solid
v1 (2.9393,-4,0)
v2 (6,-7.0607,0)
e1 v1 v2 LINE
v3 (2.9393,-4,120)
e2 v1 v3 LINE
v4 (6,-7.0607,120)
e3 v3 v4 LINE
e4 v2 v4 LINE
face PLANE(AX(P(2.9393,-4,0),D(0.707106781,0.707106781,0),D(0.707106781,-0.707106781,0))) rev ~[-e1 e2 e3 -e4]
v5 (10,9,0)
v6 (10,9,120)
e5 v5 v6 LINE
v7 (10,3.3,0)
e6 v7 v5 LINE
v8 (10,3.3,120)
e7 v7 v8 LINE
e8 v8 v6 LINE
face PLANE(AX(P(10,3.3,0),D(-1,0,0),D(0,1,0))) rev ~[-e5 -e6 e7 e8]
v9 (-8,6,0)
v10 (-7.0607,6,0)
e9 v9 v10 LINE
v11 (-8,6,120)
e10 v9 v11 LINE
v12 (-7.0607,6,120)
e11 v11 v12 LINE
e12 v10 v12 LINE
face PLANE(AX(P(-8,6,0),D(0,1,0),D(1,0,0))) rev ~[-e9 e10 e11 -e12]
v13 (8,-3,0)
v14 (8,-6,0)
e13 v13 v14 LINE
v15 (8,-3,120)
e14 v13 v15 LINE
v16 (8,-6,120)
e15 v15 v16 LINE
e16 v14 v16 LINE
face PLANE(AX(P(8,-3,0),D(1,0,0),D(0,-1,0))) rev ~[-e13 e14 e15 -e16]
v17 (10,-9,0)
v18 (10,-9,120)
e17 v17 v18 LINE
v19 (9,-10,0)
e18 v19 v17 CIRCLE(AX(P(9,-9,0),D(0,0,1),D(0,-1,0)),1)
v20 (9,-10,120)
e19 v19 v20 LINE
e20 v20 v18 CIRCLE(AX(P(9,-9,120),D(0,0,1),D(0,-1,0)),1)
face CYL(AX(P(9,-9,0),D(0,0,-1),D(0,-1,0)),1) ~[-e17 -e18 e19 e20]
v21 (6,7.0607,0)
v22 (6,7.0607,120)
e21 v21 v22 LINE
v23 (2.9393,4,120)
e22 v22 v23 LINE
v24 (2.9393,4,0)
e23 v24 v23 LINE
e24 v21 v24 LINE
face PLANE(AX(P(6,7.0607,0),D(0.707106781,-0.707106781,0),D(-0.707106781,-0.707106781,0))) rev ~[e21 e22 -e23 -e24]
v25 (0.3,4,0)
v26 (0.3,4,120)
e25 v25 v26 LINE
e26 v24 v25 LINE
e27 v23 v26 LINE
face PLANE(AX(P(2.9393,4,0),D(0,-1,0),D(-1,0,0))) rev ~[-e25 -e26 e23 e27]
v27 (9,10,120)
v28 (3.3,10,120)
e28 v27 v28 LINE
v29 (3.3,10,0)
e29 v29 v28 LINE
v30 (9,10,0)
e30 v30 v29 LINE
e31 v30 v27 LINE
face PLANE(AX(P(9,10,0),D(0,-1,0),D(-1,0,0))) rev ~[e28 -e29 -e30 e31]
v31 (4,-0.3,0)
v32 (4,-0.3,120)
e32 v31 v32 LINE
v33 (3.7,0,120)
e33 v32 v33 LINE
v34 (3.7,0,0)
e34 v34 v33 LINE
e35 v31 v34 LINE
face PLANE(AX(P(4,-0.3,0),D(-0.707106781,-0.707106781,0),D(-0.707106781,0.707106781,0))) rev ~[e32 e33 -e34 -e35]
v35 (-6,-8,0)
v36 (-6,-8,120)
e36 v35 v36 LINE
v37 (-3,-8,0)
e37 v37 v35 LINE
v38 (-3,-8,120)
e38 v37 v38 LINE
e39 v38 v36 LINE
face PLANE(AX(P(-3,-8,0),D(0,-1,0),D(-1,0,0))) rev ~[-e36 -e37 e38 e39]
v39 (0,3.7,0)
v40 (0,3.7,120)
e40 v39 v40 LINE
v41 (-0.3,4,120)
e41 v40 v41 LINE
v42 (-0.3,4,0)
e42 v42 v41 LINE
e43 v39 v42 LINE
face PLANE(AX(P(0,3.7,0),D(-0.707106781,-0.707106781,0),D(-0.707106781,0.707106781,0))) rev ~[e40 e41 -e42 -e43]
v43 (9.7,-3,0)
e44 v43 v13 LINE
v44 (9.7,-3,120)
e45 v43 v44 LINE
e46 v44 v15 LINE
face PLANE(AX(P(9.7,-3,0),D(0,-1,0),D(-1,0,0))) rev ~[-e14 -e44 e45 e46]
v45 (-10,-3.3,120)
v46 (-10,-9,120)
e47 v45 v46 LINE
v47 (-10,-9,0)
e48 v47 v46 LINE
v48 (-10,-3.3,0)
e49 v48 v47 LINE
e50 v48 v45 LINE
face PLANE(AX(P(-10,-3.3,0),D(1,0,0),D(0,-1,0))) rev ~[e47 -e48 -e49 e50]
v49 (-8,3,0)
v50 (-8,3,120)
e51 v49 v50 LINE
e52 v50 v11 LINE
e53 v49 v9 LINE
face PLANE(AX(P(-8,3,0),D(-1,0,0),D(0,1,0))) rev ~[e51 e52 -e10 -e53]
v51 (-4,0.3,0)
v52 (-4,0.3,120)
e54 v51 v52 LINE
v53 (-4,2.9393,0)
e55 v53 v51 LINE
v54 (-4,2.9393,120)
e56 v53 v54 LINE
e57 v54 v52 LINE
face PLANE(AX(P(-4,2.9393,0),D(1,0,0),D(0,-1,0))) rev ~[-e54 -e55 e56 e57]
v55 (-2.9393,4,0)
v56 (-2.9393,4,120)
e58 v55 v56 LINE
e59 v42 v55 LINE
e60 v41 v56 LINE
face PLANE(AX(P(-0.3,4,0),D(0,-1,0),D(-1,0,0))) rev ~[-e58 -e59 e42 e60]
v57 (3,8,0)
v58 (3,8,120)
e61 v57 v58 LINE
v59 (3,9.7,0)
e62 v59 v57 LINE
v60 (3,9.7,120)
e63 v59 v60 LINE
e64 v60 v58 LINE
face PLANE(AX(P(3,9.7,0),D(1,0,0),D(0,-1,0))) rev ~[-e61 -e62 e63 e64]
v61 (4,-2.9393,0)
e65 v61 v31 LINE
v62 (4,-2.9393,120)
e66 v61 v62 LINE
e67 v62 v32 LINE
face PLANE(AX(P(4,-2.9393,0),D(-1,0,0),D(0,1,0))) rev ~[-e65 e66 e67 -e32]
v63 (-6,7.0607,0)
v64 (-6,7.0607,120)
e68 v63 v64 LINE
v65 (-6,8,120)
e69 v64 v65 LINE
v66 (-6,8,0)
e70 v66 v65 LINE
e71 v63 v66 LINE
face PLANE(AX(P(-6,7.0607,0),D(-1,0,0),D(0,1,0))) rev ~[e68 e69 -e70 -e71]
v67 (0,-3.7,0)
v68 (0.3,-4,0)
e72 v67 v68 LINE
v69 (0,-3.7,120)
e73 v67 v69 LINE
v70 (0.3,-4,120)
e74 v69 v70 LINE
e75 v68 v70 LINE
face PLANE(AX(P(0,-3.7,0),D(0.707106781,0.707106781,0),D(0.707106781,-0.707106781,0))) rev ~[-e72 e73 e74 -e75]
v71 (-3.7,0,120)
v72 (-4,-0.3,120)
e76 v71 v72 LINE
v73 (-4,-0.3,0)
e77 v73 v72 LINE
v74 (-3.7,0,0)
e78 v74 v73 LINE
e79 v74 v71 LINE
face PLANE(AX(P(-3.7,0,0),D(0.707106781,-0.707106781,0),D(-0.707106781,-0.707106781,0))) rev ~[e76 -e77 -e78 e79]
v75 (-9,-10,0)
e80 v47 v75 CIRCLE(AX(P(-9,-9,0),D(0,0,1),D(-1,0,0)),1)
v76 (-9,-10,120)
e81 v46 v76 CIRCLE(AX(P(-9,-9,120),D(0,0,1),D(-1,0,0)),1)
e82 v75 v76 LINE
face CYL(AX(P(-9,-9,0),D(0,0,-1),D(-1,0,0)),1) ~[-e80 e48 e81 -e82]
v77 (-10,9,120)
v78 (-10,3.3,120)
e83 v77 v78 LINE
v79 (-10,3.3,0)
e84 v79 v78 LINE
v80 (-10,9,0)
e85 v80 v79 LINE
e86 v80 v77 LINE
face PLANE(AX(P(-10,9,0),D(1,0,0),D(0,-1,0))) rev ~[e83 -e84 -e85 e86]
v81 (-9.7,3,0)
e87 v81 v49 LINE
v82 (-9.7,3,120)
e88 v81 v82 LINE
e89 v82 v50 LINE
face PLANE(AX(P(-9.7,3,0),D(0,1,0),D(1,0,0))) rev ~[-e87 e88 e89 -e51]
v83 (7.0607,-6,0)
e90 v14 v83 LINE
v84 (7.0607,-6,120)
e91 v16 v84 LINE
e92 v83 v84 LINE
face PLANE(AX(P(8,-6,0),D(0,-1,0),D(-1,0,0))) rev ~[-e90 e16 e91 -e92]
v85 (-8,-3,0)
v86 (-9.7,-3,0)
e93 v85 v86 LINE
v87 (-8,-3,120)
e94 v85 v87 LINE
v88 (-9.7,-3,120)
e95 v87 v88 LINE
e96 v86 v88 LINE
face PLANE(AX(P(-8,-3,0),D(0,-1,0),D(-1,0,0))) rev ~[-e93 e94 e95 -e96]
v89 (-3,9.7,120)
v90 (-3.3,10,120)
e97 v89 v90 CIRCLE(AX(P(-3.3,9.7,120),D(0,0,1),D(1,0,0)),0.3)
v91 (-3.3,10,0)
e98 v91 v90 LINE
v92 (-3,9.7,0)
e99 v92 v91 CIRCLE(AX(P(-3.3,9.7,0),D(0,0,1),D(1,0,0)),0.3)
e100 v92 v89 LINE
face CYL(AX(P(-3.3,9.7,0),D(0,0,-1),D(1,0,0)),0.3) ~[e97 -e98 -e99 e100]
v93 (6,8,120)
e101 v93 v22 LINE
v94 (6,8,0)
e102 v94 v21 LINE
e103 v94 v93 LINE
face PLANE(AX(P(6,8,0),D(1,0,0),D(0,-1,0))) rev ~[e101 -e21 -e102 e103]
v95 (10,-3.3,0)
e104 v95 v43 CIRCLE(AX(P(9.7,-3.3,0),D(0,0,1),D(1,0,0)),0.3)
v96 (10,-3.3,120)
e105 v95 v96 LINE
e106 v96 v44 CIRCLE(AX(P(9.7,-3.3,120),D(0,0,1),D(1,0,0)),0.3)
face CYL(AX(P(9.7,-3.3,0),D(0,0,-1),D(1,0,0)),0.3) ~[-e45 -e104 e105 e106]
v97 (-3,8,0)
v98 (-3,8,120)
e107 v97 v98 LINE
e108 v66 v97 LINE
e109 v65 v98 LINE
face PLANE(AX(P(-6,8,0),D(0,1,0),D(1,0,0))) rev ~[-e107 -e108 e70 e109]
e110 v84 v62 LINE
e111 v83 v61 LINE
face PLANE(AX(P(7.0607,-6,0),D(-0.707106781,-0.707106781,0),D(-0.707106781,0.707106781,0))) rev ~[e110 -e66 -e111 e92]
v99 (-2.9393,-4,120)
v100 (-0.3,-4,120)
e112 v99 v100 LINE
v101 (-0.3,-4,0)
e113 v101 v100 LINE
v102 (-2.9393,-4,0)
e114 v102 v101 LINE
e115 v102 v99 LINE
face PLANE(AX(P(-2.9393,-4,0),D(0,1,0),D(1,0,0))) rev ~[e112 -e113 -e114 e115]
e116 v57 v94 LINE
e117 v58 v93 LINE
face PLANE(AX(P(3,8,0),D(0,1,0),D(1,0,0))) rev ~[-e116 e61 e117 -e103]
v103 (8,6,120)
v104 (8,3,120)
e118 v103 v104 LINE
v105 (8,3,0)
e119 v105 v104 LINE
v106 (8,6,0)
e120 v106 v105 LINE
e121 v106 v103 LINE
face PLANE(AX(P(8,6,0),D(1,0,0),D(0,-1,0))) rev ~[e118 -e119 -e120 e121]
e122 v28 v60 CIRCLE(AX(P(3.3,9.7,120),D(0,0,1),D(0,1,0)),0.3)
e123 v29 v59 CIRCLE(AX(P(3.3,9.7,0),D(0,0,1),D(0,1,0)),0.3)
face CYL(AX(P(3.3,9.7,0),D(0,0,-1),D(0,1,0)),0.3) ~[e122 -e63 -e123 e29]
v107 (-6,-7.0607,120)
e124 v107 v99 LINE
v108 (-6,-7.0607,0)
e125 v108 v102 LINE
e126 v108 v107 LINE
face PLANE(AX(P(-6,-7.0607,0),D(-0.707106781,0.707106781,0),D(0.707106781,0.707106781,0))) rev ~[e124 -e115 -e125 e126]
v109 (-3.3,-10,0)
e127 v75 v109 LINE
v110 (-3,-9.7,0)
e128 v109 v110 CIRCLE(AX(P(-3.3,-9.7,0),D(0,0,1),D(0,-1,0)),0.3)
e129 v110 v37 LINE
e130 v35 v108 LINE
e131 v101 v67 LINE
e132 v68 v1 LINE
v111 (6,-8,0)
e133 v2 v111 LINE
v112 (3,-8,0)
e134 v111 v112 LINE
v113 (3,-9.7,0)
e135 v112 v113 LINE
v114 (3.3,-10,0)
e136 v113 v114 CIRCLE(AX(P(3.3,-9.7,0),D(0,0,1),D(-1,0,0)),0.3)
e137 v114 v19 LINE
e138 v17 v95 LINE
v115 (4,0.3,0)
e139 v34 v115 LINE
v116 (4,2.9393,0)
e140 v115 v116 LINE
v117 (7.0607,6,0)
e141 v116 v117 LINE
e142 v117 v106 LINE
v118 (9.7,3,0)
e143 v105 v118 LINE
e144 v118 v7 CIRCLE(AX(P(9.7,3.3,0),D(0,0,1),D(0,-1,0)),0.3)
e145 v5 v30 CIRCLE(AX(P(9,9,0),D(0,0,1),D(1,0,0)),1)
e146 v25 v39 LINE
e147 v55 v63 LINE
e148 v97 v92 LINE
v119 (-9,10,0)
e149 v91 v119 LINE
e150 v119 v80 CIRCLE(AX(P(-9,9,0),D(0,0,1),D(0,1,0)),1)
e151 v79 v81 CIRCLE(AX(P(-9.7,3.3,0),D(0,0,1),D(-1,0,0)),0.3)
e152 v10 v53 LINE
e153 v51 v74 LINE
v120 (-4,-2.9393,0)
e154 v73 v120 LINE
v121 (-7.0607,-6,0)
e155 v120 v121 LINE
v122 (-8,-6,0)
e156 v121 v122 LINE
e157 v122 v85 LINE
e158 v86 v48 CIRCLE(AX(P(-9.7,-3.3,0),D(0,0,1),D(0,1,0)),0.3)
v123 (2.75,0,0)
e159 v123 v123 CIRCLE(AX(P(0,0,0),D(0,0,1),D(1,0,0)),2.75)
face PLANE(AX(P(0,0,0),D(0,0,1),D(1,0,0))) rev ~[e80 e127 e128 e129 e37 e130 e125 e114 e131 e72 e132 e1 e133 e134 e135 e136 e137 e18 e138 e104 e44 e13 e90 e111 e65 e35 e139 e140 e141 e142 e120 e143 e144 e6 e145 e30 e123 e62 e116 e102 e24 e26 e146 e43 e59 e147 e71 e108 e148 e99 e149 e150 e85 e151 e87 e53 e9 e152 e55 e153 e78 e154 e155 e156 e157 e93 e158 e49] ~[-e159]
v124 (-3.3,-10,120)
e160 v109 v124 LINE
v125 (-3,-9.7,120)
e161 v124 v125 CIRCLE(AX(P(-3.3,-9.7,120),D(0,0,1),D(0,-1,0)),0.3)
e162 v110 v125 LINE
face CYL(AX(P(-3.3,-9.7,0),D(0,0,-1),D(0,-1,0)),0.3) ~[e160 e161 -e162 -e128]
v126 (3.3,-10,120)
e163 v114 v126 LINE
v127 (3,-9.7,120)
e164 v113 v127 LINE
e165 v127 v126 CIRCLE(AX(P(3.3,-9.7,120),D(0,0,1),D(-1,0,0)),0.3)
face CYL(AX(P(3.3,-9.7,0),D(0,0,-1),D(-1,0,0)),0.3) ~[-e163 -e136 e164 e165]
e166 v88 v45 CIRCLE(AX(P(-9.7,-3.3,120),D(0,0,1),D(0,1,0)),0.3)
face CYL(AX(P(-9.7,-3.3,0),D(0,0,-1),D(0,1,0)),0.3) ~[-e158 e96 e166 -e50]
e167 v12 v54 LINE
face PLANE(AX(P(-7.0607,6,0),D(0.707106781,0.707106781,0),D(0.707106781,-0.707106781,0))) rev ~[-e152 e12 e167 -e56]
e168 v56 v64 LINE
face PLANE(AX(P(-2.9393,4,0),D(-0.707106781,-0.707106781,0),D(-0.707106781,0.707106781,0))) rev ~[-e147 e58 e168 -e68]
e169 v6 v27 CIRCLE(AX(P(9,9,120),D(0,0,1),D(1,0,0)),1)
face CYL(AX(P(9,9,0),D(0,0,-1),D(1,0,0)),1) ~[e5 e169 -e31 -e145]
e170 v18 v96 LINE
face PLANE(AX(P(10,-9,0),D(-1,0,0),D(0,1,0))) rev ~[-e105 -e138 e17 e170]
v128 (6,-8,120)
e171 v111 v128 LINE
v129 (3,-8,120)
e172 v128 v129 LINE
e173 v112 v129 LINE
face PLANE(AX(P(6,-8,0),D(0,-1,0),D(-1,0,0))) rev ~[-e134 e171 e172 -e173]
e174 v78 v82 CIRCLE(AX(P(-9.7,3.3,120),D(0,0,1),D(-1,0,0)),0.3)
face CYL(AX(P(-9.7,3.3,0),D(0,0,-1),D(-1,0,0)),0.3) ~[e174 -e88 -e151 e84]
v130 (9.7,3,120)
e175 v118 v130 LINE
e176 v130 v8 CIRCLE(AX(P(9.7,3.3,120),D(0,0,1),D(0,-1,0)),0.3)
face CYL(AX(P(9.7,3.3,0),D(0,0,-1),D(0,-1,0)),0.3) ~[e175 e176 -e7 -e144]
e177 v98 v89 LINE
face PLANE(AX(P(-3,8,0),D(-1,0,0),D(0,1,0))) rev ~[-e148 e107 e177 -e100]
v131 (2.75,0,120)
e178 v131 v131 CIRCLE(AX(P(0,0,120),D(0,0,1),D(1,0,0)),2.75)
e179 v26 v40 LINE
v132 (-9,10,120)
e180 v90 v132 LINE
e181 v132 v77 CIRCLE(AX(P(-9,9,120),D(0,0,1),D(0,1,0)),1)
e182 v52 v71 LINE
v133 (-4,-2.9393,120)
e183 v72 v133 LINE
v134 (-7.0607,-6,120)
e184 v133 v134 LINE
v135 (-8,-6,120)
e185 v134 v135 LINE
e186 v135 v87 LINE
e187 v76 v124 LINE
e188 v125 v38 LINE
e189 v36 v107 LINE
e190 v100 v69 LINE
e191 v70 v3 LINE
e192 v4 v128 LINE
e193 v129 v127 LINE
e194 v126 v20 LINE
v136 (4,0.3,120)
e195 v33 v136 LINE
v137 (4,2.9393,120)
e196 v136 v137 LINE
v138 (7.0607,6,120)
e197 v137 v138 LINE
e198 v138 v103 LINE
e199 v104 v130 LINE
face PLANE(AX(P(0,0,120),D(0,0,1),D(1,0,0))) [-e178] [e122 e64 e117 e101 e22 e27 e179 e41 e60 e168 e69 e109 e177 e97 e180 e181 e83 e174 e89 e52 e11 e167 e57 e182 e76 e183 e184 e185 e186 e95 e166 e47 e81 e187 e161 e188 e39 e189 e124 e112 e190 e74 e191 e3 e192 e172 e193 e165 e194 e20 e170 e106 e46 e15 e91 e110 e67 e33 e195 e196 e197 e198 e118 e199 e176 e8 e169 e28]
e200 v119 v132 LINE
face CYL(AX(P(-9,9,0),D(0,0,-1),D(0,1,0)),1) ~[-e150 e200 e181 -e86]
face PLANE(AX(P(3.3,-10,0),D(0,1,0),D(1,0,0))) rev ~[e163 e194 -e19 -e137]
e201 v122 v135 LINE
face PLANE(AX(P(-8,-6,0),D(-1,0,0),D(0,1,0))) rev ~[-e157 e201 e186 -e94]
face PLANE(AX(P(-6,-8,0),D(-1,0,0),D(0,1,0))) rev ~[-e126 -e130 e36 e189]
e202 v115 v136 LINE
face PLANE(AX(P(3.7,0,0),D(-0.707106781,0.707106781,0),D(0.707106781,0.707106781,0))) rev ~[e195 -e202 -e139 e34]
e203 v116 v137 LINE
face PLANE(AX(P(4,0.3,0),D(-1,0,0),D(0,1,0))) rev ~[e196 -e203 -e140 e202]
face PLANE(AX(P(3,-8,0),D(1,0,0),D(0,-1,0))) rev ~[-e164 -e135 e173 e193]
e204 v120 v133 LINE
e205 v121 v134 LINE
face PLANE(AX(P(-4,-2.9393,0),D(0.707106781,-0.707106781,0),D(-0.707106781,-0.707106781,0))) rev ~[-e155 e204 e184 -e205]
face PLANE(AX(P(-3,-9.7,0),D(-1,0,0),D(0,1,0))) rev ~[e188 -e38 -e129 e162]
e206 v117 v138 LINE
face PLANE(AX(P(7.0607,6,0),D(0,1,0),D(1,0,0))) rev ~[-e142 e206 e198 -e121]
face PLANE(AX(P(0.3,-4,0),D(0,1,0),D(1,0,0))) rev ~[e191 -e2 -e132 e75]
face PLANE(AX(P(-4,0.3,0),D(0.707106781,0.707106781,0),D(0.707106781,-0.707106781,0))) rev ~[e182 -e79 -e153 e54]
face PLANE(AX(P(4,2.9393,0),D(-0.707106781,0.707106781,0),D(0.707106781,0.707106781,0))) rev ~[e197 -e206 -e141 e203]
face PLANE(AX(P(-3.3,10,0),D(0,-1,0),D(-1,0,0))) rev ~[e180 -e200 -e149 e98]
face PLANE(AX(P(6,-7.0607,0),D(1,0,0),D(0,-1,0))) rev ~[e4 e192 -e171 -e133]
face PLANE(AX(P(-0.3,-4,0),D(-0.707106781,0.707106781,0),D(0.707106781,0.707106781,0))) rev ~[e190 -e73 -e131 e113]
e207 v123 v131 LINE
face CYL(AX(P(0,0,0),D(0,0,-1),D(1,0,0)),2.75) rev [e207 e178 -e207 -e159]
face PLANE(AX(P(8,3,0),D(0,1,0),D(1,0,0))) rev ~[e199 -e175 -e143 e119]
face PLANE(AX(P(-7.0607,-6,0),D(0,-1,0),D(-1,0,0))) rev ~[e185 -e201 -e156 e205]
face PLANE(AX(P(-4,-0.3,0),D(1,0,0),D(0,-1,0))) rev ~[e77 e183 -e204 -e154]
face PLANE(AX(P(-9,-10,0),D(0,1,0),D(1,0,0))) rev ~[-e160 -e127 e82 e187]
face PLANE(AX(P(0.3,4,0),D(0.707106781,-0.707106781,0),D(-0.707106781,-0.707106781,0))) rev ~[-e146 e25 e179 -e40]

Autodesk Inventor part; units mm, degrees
ref_plane "Startebene" through (0, 0, 0) normal (0, 0, 1) x (1, 0, 0)
ref_plane "Endebene" through (0, 0, 320) normal (0, 0, 1) x (1, 0, 0)
ref_plane "Startebene1" through (0, 0, 0) normal (0, 0, 1) x (1, 0, 0)
ref_plane "Endebene1" through (0, 0, 40) normal (0, 0, 1) x (1, 0, 0)
ref_plane "Startebene2" through (0, 0, 0) normal (0, 0, 1) x (1, 0, 0)
ref_plane "Endebene2" through (0, 0, 40) normal (0, 0, 1) x (1, 0, 0)
ref_plane "Startebene3" through (0, 0, 0) normal (0, 0, 1) x (1, 0, 0)
ref_plane "Endebene3" through (0, 0, 120) normal (0, 0, 1) x (1, 0, 0)
sketch "Skizze" plane through (0, 0, 0) normal (0, 0, 1) x (1, 0, 0)
  line L0 (-10, 9) -> (-10, 3.3)
  arc A0 (-10, 3.3) -> (-9.7, 3) centre (-9.7, 3.3) ccw
  line L1 (-9.7, 3) -> (-8, 3)
  line L2 (-8, 3) -> (-8, 6)
  line L3 (-8, 6) -> (-7.0607, 6)
  line L4 (-7.0607, 6) -> (-4, 2.9393)
  line L5 (-4, 2.9393) -> (-4, 0.3)
  line L6 (-4, 0.3) -> (-3.7, 0)
  line L7 (-3.7, 0) -> (-4, -0.3)
  line L8 (-4, -0.3) -> (-4, -2.9393)
  line L9 (-4, -2.9393) -> (-7.0607, -6)
  line L10 (-7.0607, -6) -> (-8, -6)
  line L11 (-8, -6) -> (-8, -3)
  line L12 (-8, -3) -> (-9.7, -3)
  arc A1 (-9.7, -3) -> (-10, -3.3) centre (-9.7, -3.3) ccw
  line L13 (-10, -3.3) -> (-10, -9)
  arc A2 (-10, -9) -> (-9, -10) centre (-9, -9) ccw
  line L14 (-9, -10) -> (-3.3, -10)
  arc A3 (-3.3, -10) -> (-3, -9.7) centre (-3.3, -9.7) ccw
  line L15 (-3, -9.7) -> (-3, -8)
  line L16 (-3, -8) -> (-6, -8)
  line L17 (-6, -8) -> (-6, -7.0607)
  line L18 (-6, -7.0607) -> (-2.9393, -4)
  line L19 (-2.9393, -4) -> (-0.3, -4)
  line L20 (-0.3, -4) -> (0, -3.7)
  line L21 (0, -3.7) -> (0.3, -4)
  line L22 (0.3, -4) -> (2.9393, -4)
  line L23 (2.9393, -4) -> (6, -7.0607)
  line L24 (6, -7.0607) -> (6, -8)
  line L25 (6, -8) -> (3, -8)
  line L26 (3, -8) -> (3, -9.7)
  arc A4 (3, -9.7) -> (3.3, -10) centre (3.3, -9.7) ccw
  line L27 (3.3, -10) -> (9, -10)
  arc A5 (9, -10) -> (10, -9) centre (9, -9) ccw
  line L28 (10, -9) -> (10, -3.3)
  arc A6 (10, -3.3) -> (9.7, -3) centre (9.7, -3.3) ccw
  line L29 (9.7, -3) -> (8, -3)
  line L30 (8, -3) -> (8, -6)
  line L31 (8, -6) -> (7.0607, -6)
  line L32 (7.0607, -6) -> (4, -2.9393)
  line L33 (4, -2.9393) -> (4, -0.3)
  line L34 (4, -0.3) -> (3.7, 0)
  line L35 (3.7, 0) -> (4, 0.3)
  line L36 (4, 0.3) -> (4, 2.9393)
  line L37 (4, 2.9393) -> (7.0607, 6)
  line L38 (7.0607, 6) -> (8, 6)
  line L39 (8, 6) -> (8, 3)
  line L40 (8, 3) -> (9.7, 3)
  arc A7 (9.7, 3) -> (10, 3.3) centre (9.7, 3.3) ccw
  line L41 (10, 3.3) -> (10, 9)
  arc A8 (10, 9) -> (9, 10) centre (9, 9) ccw
  line L42 (9, 10) -> (3.3, 10)
  arc A9 (3.3, 10) -> (3, 9.7) centre (3.3, 9.7) ccw
  line L43 (3, 9.7) -> (3, 8)
  line L44 (3, 8) -> (6, 8)
  line L45 (6, 8) -> (6, 7.0607)
  line L46 (6, 7.0607) -> (2.9393, 4)
  line L47 (2.9393, 4) -> (0.3, 4)
  line L48 (0.3, 4) -> (0, 3.7)
  line L49 (0, 3.7) -> (-0.3, 4)
  line L50 (-0.3, 4) -> (-2.9393, 4)
  line L51 (-2.9393, 4) -> (-6, 7.0607)
  line L52 (-6, 7.0607) -> (-6, 8)
  line L53 (-6, 8) -> (-3, 8)
  line L54 (-3, 8) -> (-3, 9.7)
  arc A10 (-3, 9.7) -> (-3.3, 10) centre (-3.3, 9.7) ccw
  line L55 (-3.3, 10) -> (-9, 10)
  arc A11 (-9, 10) -> (-10, 9) centre (-9, 9) ccw
  circle A12 centre (0, 0) radius 2.75
  dimension "d2" = 5.5
  dimension "d3" = 10
  dimension "d4" = 10
  dimension "d5" = 5.7
  dimension "d6" = 5.7
  dimension "d7" = 1.7
  dimension "d8" = 3
  dimension "d9" = 0.3
  dimension "d10" = 90
  dimension "d11" = 45
  dimension "d12" = 45
  dimension "d13" = 45
  dimension "d14" = 90
  dimension "d15" = 90
  dimension "d16" = 45
  dimension "d17" = 45
  dimension "d18" = 45
  dimension "d19" = 45
  dimension "d20" = 90
  dimension "d21" = 90
  dimension "d22" = 45
  dimension "d23" = 45
  dimension "d24" = 90
  dimension "d25" = 90
  dimension "d26" = 90
  dimension "d27" = 90
  dimension "d28" = 90
  dimension "d29" = 90
  dimension "d30" = 90
  dimension "d31" = 90
  dimension "d32" = 90
  dimension "d33" = 90
  dimension "d34" = 90
  dimension "d35" = 90
  dimension "d36" = 90
  dimension "d37" = 90
  dimension "d38" = 90
  dimension "d39" = 4
  dimension "d40" = 6
  dimension "d41" = 13
  dimension "d42" = 14
  dimension "d43" = 16
  dimension "d44" = 18
  dimension "d45" = 3
  dimension "d46" = 9
  dimension "d47" = 7
  dimension "d48" = 1
  dimension "d49" = 7
  dimension "d50" = 1.5
  dimension "d51" = 1.8663
  dimension "d52" = 3.3663
  dimension "d53" = 1.5
  dimension "d54" = 1.8663
  dimension "d55" = 3.3663
  dimension "d56" = 4
  dimension "d57" = 10.8187
  dimension "d58" = 1.9092
  dimension "d59" = 5
  dimension "d60" = 13
  dimension "d61" = 13
  dimension "d62" = 16.0513
  dimension "d63" = 3.3234
  dimension "d64" = 14
  dimension "d65" = 12.685
extrude "Körper" add sketch "Skizze" along normal up to surface (120 mm away) from surface at 0
sketch "Skizze21" plane through (0, 0, 0) normal (0, 0, 1) x (1, 0, 0)
  line L0 (0, 0) -> (10, 0)
ref_plane "Arbeitsebene18" through (0, 0, 0) normal (0, -1, 0) x (1, 0, 0)
sketch "Skizze22" plane through (0, 0, 0) normal (0, -1, 0) x (1, 0, 0)
  line L0 (-2, 0) -> (12, 0)
  line L1 (-2, 120) -> (12, 120)
  dimension "d80" = 120
equation "\"G_OFFSET_START\" = 0"
equation "\"G_OFFSET_END\" = 0"
equation "\"G_L\" = d80"
equation "\"G_OFFSET_START1\" = 0"
equation "\"G_OFFSET_END1\" = 0"
equation "\"G_OFFSET_START2\" = 0"
equation "\"G_OFFSET_END2\" = 0"
equation "\"G_OFFSET_START3\" = 0"
equation "\"G_OFFSET_END3\" = 0"
properties part number "Alu Profil 20x20 - AP2020"
